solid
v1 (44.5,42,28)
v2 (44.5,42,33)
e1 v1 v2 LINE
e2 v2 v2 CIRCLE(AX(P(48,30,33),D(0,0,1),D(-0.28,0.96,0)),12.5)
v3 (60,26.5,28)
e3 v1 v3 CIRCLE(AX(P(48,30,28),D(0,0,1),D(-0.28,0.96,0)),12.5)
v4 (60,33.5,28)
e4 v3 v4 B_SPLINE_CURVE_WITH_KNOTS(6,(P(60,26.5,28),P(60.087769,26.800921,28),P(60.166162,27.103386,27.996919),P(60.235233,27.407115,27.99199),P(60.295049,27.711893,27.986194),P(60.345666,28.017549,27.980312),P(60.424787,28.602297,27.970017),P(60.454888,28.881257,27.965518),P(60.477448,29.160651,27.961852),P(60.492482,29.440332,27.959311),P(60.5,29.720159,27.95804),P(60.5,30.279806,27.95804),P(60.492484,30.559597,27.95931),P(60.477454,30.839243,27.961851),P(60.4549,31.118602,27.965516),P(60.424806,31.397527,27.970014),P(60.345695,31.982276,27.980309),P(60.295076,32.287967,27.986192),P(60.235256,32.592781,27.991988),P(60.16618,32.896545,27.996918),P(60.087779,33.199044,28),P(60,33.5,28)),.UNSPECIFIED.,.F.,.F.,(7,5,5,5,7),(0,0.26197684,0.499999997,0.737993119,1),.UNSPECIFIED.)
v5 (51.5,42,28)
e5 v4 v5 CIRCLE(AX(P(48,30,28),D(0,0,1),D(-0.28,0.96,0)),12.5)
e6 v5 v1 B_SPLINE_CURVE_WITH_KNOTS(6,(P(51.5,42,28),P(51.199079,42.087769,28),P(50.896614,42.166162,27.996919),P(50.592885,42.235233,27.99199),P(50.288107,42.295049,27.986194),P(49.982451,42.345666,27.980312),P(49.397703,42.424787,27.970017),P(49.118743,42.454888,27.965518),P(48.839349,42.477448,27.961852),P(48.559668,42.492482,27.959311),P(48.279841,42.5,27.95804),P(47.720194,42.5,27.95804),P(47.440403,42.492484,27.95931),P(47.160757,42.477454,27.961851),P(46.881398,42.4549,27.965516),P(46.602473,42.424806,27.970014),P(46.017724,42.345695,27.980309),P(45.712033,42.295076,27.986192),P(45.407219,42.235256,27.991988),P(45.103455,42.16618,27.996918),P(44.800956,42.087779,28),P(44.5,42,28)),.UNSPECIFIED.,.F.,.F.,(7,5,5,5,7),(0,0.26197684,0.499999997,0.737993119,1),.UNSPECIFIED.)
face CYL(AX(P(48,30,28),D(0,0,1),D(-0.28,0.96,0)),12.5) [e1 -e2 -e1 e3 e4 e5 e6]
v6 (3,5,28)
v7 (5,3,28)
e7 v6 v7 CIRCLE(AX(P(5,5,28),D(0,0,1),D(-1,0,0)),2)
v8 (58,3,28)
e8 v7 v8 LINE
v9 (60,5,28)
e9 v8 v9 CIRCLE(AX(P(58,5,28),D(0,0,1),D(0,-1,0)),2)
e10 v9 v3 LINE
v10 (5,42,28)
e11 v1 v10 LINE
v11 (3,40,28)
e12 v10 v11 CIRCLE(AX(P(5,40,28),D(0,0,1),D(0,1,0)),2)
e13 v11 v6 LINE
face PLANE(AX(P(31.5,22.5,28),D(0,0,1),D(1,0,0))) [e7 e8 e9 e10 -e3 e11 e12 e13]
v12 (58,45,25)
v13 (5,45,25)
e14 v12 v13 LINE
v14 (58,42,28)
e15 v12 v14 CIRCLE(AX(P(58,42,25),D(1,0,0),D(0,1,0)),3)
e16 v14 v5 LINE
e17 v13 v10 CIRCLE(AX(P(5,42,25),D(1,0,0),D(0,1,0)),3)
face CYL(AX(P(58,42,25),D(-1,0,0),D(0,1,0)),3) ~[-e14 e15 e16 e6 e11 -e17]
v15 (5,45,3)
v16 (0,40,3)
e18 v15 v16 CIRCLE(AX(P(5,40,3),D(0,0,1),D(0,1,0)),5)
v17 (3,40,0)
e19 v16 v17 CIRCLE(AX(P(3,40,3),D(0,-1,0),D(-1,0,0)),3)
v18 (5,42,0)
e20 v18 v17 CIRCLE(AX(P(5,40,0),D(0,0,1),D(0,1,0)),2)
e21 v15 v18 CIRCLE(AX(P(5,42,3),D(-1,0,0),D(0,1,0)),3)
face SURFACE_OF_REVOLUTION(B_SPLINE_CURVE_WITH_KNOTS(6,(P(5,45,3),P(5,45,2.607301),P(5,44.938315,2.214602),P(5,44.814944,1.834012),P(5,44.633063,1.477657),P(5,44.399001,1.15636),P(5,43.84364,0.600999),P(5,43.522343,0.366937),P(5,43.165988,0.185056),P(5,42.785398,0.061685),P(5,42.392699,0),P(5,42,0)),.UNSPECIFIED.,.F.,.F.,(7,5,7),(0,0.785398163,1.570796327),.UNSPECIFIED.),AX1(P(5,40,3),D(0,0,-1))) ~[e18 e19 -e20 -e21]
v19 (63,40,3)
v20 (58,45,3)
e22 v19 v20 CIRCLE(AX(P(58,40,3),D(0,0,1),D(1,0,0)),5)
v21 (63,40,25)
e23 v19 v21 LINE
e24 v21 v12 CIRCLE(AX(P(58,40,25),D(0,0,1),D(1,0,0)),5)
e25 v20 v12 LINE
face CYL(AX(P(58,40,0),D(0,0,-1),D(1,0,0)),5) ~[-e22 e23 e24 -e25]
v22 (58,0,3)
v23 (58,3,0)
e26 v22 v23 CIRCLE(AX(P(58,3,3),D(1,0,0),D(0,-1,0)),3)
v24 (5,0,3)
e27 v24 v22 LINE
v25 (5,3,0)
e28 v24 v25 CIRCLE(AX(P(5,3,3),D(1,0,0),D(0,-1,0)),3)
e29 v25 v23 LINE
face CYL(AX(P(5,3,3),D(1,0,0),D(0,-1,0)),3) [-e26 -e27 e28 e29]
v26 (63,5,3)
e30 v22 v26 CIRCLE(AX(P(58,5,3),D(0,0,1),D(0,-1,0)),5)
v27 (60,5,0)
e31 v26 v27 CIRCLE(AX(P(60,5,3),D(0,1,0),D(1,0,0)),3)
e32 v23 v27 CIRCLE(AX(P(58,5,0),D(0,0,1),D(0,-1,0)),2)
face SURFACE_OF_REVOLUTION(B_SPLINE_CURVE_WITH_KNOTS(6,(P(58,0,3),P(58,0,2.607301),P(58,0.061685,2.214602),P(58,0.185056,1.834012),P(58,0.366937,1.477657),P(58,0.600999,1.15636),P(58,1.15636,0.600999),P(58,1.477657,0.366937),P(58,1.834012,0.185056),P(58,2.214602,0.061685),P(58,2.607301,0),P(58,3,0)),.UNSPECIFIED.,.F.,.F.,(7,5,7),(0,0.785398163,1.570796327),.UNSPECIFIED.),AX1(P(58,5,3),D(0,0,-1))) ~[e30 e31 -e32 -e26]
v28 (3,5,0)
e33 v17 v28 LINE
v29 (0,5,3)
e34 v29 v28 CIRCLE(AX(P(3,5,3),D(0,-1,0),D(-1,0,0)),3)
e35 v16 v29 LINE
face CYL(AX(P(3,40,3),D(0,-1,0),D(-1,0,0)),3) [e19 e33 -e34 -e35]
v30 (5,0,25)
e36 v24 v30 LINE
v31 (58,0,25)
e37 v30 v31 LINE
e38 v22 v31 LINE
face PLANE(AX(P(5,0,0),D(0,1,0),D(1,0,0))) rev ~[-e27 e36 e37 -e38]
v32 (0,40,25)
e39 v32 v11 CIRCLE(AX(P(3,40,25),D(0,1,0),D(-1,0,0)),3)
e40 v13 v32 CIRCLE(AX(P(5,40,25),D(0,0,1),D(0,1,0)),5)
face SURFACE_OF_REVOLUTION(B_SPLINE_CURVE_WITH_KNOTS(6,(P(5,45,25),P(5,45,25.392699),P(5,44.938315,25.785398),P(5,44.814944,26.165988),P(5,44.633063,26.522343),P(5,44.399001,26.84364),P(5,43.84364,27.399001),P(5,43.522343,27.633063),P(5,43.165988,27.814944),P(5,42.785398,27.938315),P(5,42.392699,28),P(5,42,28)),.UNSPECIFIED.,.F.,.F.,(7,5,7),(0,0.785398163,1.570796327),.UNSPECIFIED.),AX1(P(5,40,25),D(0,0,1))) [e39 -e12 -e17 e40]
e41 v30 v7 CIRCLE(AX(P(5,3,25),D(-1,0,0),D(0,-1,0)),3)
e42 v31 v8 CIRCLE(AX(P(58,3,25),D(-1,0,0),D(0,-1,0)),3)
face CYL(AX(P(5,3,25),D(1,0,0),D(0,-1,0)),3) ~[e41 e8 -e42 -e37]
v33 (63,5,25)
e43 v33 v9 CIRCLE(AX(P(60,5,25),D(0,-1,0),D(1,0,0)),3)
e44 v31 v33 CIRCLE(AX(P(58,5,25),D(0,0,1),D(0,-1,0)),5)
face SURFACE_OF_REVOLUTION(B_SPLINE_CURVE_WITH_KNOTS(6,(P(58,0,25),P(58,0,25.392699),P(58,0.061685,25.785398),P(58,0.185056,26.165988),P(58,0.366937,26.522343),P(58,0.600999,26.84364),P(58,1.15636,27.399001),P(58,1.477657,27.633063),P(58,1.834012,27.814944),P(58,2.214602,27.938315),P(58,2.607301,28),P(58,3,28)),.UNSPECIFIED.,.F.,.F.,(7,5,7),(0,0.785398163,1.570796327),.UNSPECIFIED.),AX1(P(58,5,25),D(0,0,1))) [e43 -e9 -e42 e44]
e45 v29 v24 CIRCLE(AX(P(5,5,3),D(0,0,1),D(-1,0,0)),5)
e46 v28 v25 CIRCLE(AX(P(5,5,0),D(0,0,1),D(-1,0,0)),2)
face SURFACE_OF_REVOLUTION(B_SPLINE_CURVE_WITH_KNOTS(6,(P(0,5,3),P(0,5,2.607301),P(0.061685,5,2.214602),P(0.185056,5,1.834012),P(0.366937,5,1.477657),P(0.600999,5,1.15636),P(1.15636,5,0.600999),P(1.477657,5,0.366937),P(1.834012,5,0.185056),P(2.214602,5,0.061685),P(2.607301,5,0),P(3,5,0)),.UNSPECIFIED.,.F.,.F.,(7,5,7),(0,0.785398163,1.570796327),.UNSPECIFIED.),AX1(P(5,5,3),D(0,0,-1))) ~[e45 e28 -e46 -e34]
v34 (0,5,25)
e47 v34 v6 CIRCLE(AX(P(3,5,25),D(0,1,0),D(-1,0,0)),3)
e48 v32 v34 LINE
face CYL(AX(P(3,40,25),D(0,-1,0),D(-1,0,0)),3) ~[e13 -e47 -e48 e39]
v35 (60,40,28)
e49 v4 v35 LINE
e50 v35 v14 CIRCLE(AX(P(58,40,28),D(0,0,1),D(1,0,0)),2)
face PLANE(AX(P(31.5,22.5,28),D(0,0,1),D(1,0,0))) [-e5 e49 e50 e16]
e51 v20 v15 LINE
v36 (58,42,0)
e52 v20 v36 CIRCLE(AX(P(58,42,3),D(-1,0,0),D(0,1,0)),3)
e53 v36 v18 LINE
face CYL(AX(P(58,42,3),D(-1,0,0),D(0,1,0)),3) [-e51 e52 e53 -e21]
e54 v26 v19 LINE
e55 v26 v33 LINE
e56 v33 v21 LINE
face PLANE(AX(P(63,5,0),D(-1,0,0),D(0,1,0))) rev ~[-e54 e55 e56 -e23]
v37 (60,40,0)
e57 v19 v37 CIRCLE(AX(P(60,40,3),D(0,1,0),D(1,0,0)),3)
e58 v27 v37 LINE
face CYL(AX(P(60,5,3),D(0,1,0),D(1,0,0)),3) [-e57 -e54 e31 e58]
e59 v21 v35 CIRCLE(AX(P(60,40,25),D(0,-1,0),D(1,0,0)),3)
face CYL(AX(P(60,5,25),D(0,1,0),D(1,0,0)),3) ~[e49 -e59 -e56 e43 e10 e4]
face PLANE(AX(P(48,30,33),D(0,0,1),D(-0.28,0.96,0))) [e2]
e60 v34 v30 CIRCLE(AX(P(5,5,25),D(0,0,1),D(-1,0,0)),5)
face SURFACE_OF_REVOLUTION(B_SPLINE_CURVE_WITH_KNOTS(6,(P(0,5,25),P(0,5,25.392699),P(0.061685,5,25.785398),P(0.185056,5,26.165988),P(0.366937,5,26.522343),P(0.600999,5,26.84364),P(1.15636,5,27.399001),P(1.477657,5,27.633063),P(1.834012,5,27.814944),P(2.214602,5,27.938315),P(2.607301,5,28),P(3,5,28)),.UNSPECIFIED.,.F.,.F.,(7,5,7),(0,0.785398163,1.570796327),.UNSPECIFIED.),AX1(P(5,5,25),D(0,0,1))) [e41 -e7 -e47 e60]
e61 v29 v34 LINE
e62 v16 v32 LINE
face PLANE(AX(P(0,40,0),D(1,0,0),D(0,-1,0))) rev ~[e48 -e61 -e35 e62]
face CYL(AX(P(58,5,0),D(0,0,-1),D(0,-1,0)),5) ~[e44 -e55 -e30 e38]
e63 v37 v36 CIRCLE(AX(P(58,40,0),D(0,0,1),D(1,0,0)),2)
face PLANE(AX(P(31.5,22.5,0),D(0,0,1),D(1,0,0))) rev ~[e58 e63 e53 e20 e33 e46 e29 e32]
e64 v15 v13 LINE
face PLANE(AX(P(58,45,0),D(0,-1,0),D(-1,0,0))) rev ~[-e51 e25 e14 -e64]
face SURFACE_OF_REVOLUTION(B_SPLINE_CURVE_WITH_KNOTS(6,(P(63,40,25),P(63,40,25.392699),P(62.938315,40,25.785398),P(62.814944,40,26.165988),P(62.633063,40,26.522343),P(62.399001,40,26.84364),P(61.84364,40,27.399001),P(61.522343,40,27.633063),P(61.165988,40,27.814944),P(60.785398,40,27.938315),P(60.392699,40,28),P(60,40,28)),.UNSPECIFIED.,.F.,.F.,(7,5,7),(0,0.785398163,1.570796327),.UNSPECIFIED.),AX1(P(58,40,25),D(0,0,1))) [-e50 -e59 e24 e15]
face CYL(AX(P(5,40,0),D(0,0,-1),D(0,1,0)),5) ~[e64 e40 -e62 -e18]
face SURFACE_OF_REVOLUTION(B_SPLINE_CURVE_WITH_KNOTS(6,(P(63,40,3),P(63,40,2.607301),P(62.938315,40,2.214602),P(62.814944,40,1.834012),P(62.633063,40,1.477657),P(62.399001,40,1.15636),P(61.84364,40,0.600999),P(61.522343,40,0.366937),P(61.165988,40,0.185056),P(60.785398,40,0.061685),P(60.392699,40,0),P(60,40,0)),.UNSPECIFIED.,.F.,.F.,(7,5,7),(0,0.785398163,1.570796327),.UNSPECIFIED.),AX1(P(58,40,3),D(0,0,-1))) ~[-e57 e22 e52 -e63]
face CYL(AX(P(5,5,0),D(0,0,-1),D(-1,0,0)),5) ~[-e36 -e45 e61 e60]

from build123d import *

# Parameters (mm, degrees)
BOSS_EXTRUDE1_DEPTH = 28
FILLET1_R           = 3
SKETCH4_R           = 12.5
BOSS_EXTRUDE3_DEPTH = 5


with BuildPart() as part:
    # Sketch3 → Boss-Extrude1 (new body)
    with BuildSketch(Plane.XY):
        with BuildLine():
            Line((5, 0), (58, 0))
            ThreePointArc((58, 0), (61.535533906, 1.464466094), (63, 5))
            Line((63, 5), (63, 40))
            ThreePointArc((63, 40), (61.535533906, 43.535533906), (58, 45))
            Line((58, 45), (5, 45))
            ThreePointArc((5, 45), (1.464466094, 43.535533906), (0, 40))
            Line((0, 40), (0, 5))
            ThreePointArc((0, 5), (1.464466094, 1.464466094), (5, 0))
        make_face()
    extrude(amount=BOSS_EXTRUDE1_DEPTH)

    # Fillet1
    fillet1_edges = [part.edges().sort_by_distance(p)[0] for p in [
        (63, 22.5, 0),
        (61.535533906, 1.464466094, 0),
        (31.5, 0, 0),
        (1.464466094, 1.464466094, 0),
        (61.535533906, 1.464466094, 28),
        (63, 22.5, 28),
        (61.535533906, 43.535533906, 28),
        (31.5, 45, 28),
        (1.464466094, 43.535533906, 28),
        (0, 22.5, 28),
        (1.464466094, 1.464466094, 28),
        (0, 22.5, 0),
        (31.5, 0, 28),
        (1.464466094, 43.535533906, 0),
        (31.5, 45, 0),
        (61.535533906, 43.535533906, 0),
    ]]
    fillet(fillet1_edges, radius=FILLET1_R)

    # Sketch4 → Boss-Extrude3 (add, symmetric)
    with BuildSketch(Plane.XY.offset(28)):
        with Locations(Location((48, 30, 0), (0, 0, 106.260204708))):
            Circle(SKETCH4_R)
    extrude(amount=BOSS_EXTRUDE3_DEPTH, both=True)


solid = part.part
